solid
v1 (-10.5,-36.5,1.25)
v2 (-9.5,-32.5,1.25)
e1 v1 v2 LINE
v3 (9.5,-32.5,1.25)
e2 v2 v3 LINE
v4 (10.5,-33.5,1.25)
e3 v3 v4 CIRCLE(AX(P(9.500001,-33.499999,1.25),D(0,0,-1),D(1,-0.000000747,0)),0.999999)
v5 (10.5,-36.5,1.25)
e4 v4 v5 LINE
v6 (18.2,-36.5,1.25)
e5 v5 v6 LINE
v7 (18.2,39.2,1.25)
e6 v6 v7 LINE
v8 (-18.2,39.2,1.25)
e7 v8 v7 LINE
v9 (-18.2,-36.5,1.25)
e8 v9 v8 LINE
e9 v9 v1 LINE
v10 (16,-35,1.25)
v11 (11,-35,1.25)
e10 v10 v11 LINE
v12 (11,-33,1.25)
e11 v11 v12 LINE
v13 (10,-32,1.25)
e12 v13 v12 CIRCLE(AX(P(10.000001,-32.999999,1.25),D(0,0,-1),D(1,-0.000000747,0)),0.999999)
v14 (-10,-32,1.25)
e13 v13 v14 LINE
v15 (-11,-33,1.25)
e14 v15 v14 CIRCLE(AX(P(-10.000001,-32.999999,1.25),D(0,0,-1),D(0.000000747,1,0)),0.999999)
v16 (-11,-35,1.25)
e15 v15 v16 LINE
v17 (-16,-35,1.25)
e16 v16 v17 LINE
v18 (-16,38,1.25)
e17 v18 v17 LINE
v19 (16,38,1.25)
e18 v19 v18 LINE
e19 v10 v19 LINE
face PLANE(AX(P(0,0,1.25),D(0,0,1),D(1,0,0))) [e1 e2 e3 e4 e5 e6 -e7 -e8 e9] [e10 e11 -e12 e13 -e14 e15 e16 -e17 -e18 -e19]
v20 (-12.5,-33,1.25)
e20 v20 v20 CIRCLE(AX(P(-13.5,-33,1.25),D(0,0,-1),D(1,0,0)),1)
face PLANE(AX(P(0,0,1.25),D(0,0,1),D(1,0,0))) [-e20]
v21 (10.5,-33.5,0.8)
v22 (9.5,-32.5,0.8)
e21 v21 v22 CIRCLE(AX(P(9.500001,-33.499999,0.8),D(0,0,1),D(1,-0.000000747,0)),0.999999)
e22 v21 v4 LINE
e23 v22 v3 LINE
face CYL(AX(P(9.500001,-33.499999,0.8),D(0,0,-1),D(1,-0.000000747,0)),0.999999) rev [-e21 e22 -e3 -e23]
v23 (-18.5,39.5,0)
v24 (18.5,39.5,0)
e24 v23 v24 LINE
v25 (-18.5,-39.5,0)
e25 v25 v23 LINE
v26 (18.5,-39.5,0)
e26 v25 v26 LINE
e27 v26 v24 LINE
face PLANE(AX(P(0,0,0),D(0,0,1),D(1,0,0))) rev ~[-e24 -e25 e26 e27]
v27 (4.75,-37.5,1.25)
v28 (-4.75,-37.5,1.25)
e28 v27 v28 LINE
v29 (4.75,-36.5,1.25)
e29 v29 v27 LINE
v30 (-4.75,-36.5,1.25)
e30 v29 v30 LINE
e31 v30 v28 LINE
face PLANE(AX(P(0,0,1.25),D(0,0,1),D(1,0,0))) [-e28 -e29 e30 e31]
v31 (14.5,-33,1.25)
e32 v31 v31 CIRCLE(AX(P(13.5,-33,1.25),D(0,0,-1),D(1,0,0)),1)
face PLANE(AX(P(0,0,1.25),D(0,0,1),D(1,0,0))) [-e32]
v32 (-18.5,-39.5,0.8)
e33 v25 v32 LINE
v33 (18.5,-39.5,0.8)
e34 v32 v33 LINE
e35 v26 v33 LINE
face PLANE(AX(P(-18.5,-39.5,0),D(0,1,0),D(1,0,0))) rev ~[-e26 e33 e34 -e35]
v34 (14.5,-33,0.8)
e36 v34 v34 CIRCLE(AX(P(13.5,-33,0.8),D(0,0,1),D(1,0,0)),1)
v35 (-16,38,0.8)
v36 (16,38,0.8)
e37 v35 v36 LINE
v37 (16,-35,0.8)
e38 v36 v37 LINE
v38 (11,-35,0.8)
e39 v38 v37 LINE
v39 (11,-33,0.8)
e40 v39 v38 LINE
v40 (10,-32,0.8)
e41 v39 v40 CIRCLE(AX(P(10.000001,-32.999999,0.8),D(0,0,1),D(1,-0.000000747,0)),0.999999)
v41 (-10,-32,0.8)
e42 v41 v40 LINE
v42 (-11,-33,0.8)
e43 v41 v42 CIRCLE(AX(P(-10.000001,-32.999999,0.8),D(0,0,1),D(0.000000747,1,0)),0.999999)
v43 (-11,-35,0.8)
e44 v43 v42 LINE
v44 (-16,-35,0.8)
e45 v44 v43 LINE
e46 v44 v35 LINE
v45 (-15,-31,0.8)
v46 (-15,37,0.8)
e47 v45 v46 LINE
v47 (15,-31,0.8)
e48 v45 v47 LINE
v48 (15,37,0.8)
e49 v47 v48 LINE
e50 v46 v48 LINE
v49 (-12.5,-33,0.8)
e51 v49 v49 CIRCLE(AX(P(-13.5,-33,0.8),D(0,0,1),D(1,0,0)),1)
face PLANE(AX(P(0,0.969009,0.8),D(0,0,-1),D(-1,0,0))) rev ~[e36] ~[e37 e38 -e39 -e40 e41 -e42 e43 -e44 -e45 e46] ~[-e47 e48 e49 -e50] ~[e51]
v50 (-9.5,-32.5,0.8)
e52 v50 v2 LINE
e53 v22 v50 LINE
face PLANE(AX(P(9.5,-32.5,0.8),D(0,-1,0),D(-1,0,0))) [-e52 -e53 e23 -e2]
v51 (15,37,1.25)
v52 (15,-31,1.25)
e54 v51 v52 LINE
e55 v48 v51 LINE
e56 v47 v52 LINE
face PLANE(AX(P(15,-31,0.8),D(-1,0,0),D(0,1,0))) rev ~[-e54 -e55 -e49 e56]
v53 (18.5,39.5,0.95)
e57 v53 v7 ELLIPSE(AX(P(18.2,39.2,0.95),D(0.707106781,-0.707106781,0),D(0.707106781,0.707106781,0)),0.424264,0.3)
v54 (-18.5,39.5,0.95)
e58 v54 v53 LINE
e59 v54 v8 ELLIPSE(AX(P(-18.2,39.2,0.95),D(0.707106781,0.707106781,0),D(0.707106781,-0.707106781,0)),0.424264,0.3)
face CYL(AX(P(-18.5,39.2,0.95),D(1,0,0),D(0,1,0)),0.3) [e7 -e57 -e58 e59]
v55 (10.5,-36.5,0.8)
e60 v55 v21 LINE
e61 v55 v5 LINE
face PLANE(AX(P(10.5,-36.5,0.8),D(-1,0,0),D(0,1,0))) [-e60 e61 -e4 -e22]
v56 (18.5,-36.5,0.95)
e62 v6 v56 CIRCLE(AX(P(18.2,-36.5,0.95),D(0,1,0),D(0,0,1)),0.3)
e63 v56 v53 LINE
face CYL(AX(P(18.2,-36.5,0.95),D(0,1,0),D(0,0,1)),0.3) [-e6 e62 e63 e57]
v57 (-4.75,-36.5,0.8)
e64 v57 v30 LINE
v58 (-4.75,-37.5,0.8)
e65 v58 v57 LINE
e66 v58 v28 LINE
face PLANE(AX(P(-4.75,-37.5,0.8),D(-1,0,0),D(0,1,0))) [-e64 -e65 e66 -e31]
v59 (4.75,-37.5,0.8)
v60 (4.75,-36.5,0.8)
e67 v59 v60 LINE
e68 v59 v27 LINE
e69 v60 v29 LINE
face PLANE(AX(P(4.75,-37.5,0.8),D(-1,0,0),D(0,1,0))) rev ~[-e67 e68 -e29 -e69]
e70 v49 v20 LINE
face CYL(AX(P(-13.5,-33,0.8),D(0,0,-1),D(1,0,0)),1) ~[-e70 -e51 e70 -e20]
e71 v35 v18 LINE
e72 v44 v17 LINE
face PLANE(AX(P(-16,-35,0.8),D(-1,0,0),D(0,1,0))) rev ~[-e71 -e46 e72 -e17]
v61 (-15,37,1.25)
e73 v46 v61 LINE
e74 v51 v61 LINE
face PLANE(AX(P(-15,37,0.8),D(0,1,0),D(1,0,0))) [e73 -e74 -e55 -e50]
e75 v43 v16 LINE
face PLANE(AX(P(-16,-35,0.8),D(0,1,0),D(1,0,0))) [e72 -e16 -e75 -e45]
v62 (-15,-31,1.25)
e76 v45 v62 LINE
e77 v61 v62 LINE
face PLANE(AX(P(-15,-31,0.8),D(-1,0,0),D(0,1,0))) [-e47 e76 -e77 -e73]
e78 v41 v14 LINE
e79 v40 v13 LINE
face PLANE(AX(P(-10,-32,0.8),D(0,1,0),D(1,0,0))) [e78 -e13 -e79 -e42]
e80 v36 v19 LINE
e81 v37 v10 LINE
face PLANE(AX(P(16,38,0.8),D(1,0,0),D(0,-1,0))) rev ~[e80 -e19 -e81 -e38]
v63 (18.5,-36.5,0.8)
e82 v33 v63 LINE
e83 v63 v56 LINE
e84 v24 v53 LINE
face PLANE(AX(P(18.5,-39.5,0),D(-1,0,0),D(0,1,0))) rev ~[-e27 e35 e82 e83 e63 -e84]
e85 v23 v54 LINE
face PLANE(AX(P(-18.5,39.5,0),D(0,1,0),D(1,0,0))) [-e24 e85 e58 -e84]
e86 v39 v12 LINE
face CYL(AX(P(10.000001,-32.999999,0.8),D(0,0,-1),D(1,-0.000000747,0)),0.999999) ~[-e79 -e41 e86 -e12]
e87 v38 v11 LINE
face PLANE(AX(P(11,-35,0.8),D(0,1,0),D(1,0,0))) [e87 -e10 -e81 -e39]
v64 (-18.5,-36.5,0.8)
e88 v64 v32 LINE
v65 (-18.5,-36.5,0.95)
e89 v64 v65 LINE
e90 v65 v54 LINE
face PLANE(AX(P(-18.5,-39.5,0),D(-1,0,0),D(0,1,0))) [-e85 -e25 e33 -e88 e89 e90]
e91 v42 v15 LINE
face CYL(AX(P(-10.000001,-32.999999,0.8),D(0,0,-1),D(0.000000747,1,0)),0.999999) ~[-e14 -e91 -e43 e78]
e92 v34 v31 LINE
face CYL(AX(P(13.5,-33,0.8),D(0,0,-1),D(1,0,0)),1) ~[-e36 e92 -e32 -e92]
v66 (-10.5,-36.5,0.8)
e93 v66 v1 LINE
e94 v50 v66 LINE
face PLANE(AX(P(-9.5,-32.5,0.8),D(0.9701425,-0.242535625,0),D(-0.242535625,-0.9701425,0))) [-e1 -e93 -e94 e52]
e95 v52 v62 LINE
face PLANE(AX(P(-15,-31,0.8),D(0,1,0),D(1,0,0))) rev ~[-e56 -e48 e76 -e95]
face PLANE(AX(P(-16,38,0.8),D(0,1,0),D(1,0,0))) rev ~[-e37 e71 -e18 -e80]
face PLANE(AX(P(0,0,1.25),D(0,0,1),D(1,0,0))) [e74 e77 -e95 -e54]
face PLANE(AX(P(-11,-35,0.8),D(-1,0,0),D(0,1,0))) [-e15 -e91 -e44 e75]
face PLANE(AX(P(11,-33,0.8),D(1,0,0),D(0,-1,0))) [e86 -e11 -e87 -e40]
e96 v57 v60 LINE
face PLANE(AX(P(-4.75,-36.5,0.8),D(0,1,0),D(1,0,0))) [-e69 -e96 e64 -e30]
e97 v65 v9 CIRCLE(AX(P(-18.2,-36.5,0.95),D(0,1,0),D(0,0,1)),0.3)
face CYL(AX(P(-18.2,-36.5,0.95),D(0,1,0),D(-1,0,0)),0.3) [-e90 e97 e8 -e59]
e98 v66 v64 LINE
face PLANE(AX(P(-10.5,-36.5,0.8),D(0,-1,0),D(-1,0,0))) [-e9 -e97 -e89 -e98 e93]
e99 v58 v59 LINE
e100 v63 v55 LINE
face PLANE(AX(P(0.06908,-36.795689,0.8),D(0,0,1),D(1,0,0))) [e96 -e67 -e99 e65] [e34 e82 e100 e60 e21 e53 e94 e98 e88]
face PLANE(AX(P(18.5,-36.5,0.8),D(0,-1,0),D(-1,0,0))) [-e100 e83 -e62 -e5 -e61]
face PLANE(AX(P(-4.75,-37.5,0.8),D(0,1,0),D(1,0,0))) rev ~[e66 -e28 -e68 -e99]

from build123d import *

# Parameters (mm, degrees)
SKETCH001002046_W = 37
SKETCH001002046_H = 79
PAD033_DEPTH      = 1.25
SKETCH001002042_R = 1
SKETCH001002042_W = 30
SKETCH001002042_H = 68
POCKET017_DEPTH   = 1
SKETCH001002049_W = 9.5
SKETCH001002049_H = 1
POCKET018_DEPTH   = 1
FILLET038_R       = 0.3


with BuildPart() as part:
    # Sketch001002046 → Pad033 (new body)
    with BuildSketch(Plane.XY):
        Rectangle(SKETCH001002046_W, SKETCH001002046_H)
    extrude(amount=PAD033_DEPTH)

    # Sketch001002042 → Pocket017 (cut)
    with BuildSketch(Plane.XY.offset(0.8)):
        with BuildLine():
            Line((-16, 38), (16, 38))
            Line((16, 38), (16, -35))
            Line((11, -35), (16, -35))
            Line((11, -33), (11, -35))
            ThreePointArc((11, -33), (10.707107, -32.292893), (10, -32))
            Line((-10, -32), (10, -32))
            ThreePointArc((-10, -32), (-10.707107, -32.292893), (-11, -33))
            Line((-11, -35), (-11, -33))
            Line((-16, -35), (-11, -35))
            Line((-16, -35), (-16, 38))
        make_face()
        with Locations((-13.5, -33)):
            Circle(SKETCH001002042_R, mode=Mode.SUBTRACT)
        with Locations((13.5, -33)):
            Circle(SKETCH001002042_R, mode=Mode.SUBTRACT)
        with Locations((0, 3)):
            Rectangle(SKETCH001002042_W, SKETCH001002042_H, mode=Mode.SUBTRACT)
    extrude(amount=POCKET017_DEPTH, mode=Mode.SUBTRACT)

    # Sketch001002049 → Pocket018 (cut)
    with BuildSketch(Plane.XY.offset(0.8)):
        with BuildLine():
            Line((-18.5, -39.5), (18.5, -39.5))
            Line((18.5, -39.5), (18.5, -36.5))
            Line((18.5, -36.5), (10.5, -36.5))
            Line((10.5, -36.5), (10.5, -33.5))
            ThreePointArc((10.5, -33.5), (10.207107, -32.792893), (9.5, -32.5))
            Line((9.5, -32.5), (-9.5, -32.5))
            Line((-9.5, -32.5), (-10.5, -36.5))
            Line((-10.5, -36.5), (-18.5, -36.5))
            Line((-18.5, -36.5), (-18.5, -39.5))
        make_face()
        with Locations((0, -37)):
            Rectangle(SKETCH001002049_W, SKETCH001002049_H, mode=Mode.SUBTRACT)
    extrude(amount=POCKET018_DEPTH, mode=Mode.SUBTRACT)

    # Fillet038
    fillet038_edges = [part.edges().sort_by_distance(p)[0] for p in [
        (0, 39.5, 1.25),
        (-18.5, 1.5, 1.25),
        (18.5, 1.5, 1.25),
    ]]
    fillet(fillet038_edges, radius=FILLET038_R)


solid = part.part
